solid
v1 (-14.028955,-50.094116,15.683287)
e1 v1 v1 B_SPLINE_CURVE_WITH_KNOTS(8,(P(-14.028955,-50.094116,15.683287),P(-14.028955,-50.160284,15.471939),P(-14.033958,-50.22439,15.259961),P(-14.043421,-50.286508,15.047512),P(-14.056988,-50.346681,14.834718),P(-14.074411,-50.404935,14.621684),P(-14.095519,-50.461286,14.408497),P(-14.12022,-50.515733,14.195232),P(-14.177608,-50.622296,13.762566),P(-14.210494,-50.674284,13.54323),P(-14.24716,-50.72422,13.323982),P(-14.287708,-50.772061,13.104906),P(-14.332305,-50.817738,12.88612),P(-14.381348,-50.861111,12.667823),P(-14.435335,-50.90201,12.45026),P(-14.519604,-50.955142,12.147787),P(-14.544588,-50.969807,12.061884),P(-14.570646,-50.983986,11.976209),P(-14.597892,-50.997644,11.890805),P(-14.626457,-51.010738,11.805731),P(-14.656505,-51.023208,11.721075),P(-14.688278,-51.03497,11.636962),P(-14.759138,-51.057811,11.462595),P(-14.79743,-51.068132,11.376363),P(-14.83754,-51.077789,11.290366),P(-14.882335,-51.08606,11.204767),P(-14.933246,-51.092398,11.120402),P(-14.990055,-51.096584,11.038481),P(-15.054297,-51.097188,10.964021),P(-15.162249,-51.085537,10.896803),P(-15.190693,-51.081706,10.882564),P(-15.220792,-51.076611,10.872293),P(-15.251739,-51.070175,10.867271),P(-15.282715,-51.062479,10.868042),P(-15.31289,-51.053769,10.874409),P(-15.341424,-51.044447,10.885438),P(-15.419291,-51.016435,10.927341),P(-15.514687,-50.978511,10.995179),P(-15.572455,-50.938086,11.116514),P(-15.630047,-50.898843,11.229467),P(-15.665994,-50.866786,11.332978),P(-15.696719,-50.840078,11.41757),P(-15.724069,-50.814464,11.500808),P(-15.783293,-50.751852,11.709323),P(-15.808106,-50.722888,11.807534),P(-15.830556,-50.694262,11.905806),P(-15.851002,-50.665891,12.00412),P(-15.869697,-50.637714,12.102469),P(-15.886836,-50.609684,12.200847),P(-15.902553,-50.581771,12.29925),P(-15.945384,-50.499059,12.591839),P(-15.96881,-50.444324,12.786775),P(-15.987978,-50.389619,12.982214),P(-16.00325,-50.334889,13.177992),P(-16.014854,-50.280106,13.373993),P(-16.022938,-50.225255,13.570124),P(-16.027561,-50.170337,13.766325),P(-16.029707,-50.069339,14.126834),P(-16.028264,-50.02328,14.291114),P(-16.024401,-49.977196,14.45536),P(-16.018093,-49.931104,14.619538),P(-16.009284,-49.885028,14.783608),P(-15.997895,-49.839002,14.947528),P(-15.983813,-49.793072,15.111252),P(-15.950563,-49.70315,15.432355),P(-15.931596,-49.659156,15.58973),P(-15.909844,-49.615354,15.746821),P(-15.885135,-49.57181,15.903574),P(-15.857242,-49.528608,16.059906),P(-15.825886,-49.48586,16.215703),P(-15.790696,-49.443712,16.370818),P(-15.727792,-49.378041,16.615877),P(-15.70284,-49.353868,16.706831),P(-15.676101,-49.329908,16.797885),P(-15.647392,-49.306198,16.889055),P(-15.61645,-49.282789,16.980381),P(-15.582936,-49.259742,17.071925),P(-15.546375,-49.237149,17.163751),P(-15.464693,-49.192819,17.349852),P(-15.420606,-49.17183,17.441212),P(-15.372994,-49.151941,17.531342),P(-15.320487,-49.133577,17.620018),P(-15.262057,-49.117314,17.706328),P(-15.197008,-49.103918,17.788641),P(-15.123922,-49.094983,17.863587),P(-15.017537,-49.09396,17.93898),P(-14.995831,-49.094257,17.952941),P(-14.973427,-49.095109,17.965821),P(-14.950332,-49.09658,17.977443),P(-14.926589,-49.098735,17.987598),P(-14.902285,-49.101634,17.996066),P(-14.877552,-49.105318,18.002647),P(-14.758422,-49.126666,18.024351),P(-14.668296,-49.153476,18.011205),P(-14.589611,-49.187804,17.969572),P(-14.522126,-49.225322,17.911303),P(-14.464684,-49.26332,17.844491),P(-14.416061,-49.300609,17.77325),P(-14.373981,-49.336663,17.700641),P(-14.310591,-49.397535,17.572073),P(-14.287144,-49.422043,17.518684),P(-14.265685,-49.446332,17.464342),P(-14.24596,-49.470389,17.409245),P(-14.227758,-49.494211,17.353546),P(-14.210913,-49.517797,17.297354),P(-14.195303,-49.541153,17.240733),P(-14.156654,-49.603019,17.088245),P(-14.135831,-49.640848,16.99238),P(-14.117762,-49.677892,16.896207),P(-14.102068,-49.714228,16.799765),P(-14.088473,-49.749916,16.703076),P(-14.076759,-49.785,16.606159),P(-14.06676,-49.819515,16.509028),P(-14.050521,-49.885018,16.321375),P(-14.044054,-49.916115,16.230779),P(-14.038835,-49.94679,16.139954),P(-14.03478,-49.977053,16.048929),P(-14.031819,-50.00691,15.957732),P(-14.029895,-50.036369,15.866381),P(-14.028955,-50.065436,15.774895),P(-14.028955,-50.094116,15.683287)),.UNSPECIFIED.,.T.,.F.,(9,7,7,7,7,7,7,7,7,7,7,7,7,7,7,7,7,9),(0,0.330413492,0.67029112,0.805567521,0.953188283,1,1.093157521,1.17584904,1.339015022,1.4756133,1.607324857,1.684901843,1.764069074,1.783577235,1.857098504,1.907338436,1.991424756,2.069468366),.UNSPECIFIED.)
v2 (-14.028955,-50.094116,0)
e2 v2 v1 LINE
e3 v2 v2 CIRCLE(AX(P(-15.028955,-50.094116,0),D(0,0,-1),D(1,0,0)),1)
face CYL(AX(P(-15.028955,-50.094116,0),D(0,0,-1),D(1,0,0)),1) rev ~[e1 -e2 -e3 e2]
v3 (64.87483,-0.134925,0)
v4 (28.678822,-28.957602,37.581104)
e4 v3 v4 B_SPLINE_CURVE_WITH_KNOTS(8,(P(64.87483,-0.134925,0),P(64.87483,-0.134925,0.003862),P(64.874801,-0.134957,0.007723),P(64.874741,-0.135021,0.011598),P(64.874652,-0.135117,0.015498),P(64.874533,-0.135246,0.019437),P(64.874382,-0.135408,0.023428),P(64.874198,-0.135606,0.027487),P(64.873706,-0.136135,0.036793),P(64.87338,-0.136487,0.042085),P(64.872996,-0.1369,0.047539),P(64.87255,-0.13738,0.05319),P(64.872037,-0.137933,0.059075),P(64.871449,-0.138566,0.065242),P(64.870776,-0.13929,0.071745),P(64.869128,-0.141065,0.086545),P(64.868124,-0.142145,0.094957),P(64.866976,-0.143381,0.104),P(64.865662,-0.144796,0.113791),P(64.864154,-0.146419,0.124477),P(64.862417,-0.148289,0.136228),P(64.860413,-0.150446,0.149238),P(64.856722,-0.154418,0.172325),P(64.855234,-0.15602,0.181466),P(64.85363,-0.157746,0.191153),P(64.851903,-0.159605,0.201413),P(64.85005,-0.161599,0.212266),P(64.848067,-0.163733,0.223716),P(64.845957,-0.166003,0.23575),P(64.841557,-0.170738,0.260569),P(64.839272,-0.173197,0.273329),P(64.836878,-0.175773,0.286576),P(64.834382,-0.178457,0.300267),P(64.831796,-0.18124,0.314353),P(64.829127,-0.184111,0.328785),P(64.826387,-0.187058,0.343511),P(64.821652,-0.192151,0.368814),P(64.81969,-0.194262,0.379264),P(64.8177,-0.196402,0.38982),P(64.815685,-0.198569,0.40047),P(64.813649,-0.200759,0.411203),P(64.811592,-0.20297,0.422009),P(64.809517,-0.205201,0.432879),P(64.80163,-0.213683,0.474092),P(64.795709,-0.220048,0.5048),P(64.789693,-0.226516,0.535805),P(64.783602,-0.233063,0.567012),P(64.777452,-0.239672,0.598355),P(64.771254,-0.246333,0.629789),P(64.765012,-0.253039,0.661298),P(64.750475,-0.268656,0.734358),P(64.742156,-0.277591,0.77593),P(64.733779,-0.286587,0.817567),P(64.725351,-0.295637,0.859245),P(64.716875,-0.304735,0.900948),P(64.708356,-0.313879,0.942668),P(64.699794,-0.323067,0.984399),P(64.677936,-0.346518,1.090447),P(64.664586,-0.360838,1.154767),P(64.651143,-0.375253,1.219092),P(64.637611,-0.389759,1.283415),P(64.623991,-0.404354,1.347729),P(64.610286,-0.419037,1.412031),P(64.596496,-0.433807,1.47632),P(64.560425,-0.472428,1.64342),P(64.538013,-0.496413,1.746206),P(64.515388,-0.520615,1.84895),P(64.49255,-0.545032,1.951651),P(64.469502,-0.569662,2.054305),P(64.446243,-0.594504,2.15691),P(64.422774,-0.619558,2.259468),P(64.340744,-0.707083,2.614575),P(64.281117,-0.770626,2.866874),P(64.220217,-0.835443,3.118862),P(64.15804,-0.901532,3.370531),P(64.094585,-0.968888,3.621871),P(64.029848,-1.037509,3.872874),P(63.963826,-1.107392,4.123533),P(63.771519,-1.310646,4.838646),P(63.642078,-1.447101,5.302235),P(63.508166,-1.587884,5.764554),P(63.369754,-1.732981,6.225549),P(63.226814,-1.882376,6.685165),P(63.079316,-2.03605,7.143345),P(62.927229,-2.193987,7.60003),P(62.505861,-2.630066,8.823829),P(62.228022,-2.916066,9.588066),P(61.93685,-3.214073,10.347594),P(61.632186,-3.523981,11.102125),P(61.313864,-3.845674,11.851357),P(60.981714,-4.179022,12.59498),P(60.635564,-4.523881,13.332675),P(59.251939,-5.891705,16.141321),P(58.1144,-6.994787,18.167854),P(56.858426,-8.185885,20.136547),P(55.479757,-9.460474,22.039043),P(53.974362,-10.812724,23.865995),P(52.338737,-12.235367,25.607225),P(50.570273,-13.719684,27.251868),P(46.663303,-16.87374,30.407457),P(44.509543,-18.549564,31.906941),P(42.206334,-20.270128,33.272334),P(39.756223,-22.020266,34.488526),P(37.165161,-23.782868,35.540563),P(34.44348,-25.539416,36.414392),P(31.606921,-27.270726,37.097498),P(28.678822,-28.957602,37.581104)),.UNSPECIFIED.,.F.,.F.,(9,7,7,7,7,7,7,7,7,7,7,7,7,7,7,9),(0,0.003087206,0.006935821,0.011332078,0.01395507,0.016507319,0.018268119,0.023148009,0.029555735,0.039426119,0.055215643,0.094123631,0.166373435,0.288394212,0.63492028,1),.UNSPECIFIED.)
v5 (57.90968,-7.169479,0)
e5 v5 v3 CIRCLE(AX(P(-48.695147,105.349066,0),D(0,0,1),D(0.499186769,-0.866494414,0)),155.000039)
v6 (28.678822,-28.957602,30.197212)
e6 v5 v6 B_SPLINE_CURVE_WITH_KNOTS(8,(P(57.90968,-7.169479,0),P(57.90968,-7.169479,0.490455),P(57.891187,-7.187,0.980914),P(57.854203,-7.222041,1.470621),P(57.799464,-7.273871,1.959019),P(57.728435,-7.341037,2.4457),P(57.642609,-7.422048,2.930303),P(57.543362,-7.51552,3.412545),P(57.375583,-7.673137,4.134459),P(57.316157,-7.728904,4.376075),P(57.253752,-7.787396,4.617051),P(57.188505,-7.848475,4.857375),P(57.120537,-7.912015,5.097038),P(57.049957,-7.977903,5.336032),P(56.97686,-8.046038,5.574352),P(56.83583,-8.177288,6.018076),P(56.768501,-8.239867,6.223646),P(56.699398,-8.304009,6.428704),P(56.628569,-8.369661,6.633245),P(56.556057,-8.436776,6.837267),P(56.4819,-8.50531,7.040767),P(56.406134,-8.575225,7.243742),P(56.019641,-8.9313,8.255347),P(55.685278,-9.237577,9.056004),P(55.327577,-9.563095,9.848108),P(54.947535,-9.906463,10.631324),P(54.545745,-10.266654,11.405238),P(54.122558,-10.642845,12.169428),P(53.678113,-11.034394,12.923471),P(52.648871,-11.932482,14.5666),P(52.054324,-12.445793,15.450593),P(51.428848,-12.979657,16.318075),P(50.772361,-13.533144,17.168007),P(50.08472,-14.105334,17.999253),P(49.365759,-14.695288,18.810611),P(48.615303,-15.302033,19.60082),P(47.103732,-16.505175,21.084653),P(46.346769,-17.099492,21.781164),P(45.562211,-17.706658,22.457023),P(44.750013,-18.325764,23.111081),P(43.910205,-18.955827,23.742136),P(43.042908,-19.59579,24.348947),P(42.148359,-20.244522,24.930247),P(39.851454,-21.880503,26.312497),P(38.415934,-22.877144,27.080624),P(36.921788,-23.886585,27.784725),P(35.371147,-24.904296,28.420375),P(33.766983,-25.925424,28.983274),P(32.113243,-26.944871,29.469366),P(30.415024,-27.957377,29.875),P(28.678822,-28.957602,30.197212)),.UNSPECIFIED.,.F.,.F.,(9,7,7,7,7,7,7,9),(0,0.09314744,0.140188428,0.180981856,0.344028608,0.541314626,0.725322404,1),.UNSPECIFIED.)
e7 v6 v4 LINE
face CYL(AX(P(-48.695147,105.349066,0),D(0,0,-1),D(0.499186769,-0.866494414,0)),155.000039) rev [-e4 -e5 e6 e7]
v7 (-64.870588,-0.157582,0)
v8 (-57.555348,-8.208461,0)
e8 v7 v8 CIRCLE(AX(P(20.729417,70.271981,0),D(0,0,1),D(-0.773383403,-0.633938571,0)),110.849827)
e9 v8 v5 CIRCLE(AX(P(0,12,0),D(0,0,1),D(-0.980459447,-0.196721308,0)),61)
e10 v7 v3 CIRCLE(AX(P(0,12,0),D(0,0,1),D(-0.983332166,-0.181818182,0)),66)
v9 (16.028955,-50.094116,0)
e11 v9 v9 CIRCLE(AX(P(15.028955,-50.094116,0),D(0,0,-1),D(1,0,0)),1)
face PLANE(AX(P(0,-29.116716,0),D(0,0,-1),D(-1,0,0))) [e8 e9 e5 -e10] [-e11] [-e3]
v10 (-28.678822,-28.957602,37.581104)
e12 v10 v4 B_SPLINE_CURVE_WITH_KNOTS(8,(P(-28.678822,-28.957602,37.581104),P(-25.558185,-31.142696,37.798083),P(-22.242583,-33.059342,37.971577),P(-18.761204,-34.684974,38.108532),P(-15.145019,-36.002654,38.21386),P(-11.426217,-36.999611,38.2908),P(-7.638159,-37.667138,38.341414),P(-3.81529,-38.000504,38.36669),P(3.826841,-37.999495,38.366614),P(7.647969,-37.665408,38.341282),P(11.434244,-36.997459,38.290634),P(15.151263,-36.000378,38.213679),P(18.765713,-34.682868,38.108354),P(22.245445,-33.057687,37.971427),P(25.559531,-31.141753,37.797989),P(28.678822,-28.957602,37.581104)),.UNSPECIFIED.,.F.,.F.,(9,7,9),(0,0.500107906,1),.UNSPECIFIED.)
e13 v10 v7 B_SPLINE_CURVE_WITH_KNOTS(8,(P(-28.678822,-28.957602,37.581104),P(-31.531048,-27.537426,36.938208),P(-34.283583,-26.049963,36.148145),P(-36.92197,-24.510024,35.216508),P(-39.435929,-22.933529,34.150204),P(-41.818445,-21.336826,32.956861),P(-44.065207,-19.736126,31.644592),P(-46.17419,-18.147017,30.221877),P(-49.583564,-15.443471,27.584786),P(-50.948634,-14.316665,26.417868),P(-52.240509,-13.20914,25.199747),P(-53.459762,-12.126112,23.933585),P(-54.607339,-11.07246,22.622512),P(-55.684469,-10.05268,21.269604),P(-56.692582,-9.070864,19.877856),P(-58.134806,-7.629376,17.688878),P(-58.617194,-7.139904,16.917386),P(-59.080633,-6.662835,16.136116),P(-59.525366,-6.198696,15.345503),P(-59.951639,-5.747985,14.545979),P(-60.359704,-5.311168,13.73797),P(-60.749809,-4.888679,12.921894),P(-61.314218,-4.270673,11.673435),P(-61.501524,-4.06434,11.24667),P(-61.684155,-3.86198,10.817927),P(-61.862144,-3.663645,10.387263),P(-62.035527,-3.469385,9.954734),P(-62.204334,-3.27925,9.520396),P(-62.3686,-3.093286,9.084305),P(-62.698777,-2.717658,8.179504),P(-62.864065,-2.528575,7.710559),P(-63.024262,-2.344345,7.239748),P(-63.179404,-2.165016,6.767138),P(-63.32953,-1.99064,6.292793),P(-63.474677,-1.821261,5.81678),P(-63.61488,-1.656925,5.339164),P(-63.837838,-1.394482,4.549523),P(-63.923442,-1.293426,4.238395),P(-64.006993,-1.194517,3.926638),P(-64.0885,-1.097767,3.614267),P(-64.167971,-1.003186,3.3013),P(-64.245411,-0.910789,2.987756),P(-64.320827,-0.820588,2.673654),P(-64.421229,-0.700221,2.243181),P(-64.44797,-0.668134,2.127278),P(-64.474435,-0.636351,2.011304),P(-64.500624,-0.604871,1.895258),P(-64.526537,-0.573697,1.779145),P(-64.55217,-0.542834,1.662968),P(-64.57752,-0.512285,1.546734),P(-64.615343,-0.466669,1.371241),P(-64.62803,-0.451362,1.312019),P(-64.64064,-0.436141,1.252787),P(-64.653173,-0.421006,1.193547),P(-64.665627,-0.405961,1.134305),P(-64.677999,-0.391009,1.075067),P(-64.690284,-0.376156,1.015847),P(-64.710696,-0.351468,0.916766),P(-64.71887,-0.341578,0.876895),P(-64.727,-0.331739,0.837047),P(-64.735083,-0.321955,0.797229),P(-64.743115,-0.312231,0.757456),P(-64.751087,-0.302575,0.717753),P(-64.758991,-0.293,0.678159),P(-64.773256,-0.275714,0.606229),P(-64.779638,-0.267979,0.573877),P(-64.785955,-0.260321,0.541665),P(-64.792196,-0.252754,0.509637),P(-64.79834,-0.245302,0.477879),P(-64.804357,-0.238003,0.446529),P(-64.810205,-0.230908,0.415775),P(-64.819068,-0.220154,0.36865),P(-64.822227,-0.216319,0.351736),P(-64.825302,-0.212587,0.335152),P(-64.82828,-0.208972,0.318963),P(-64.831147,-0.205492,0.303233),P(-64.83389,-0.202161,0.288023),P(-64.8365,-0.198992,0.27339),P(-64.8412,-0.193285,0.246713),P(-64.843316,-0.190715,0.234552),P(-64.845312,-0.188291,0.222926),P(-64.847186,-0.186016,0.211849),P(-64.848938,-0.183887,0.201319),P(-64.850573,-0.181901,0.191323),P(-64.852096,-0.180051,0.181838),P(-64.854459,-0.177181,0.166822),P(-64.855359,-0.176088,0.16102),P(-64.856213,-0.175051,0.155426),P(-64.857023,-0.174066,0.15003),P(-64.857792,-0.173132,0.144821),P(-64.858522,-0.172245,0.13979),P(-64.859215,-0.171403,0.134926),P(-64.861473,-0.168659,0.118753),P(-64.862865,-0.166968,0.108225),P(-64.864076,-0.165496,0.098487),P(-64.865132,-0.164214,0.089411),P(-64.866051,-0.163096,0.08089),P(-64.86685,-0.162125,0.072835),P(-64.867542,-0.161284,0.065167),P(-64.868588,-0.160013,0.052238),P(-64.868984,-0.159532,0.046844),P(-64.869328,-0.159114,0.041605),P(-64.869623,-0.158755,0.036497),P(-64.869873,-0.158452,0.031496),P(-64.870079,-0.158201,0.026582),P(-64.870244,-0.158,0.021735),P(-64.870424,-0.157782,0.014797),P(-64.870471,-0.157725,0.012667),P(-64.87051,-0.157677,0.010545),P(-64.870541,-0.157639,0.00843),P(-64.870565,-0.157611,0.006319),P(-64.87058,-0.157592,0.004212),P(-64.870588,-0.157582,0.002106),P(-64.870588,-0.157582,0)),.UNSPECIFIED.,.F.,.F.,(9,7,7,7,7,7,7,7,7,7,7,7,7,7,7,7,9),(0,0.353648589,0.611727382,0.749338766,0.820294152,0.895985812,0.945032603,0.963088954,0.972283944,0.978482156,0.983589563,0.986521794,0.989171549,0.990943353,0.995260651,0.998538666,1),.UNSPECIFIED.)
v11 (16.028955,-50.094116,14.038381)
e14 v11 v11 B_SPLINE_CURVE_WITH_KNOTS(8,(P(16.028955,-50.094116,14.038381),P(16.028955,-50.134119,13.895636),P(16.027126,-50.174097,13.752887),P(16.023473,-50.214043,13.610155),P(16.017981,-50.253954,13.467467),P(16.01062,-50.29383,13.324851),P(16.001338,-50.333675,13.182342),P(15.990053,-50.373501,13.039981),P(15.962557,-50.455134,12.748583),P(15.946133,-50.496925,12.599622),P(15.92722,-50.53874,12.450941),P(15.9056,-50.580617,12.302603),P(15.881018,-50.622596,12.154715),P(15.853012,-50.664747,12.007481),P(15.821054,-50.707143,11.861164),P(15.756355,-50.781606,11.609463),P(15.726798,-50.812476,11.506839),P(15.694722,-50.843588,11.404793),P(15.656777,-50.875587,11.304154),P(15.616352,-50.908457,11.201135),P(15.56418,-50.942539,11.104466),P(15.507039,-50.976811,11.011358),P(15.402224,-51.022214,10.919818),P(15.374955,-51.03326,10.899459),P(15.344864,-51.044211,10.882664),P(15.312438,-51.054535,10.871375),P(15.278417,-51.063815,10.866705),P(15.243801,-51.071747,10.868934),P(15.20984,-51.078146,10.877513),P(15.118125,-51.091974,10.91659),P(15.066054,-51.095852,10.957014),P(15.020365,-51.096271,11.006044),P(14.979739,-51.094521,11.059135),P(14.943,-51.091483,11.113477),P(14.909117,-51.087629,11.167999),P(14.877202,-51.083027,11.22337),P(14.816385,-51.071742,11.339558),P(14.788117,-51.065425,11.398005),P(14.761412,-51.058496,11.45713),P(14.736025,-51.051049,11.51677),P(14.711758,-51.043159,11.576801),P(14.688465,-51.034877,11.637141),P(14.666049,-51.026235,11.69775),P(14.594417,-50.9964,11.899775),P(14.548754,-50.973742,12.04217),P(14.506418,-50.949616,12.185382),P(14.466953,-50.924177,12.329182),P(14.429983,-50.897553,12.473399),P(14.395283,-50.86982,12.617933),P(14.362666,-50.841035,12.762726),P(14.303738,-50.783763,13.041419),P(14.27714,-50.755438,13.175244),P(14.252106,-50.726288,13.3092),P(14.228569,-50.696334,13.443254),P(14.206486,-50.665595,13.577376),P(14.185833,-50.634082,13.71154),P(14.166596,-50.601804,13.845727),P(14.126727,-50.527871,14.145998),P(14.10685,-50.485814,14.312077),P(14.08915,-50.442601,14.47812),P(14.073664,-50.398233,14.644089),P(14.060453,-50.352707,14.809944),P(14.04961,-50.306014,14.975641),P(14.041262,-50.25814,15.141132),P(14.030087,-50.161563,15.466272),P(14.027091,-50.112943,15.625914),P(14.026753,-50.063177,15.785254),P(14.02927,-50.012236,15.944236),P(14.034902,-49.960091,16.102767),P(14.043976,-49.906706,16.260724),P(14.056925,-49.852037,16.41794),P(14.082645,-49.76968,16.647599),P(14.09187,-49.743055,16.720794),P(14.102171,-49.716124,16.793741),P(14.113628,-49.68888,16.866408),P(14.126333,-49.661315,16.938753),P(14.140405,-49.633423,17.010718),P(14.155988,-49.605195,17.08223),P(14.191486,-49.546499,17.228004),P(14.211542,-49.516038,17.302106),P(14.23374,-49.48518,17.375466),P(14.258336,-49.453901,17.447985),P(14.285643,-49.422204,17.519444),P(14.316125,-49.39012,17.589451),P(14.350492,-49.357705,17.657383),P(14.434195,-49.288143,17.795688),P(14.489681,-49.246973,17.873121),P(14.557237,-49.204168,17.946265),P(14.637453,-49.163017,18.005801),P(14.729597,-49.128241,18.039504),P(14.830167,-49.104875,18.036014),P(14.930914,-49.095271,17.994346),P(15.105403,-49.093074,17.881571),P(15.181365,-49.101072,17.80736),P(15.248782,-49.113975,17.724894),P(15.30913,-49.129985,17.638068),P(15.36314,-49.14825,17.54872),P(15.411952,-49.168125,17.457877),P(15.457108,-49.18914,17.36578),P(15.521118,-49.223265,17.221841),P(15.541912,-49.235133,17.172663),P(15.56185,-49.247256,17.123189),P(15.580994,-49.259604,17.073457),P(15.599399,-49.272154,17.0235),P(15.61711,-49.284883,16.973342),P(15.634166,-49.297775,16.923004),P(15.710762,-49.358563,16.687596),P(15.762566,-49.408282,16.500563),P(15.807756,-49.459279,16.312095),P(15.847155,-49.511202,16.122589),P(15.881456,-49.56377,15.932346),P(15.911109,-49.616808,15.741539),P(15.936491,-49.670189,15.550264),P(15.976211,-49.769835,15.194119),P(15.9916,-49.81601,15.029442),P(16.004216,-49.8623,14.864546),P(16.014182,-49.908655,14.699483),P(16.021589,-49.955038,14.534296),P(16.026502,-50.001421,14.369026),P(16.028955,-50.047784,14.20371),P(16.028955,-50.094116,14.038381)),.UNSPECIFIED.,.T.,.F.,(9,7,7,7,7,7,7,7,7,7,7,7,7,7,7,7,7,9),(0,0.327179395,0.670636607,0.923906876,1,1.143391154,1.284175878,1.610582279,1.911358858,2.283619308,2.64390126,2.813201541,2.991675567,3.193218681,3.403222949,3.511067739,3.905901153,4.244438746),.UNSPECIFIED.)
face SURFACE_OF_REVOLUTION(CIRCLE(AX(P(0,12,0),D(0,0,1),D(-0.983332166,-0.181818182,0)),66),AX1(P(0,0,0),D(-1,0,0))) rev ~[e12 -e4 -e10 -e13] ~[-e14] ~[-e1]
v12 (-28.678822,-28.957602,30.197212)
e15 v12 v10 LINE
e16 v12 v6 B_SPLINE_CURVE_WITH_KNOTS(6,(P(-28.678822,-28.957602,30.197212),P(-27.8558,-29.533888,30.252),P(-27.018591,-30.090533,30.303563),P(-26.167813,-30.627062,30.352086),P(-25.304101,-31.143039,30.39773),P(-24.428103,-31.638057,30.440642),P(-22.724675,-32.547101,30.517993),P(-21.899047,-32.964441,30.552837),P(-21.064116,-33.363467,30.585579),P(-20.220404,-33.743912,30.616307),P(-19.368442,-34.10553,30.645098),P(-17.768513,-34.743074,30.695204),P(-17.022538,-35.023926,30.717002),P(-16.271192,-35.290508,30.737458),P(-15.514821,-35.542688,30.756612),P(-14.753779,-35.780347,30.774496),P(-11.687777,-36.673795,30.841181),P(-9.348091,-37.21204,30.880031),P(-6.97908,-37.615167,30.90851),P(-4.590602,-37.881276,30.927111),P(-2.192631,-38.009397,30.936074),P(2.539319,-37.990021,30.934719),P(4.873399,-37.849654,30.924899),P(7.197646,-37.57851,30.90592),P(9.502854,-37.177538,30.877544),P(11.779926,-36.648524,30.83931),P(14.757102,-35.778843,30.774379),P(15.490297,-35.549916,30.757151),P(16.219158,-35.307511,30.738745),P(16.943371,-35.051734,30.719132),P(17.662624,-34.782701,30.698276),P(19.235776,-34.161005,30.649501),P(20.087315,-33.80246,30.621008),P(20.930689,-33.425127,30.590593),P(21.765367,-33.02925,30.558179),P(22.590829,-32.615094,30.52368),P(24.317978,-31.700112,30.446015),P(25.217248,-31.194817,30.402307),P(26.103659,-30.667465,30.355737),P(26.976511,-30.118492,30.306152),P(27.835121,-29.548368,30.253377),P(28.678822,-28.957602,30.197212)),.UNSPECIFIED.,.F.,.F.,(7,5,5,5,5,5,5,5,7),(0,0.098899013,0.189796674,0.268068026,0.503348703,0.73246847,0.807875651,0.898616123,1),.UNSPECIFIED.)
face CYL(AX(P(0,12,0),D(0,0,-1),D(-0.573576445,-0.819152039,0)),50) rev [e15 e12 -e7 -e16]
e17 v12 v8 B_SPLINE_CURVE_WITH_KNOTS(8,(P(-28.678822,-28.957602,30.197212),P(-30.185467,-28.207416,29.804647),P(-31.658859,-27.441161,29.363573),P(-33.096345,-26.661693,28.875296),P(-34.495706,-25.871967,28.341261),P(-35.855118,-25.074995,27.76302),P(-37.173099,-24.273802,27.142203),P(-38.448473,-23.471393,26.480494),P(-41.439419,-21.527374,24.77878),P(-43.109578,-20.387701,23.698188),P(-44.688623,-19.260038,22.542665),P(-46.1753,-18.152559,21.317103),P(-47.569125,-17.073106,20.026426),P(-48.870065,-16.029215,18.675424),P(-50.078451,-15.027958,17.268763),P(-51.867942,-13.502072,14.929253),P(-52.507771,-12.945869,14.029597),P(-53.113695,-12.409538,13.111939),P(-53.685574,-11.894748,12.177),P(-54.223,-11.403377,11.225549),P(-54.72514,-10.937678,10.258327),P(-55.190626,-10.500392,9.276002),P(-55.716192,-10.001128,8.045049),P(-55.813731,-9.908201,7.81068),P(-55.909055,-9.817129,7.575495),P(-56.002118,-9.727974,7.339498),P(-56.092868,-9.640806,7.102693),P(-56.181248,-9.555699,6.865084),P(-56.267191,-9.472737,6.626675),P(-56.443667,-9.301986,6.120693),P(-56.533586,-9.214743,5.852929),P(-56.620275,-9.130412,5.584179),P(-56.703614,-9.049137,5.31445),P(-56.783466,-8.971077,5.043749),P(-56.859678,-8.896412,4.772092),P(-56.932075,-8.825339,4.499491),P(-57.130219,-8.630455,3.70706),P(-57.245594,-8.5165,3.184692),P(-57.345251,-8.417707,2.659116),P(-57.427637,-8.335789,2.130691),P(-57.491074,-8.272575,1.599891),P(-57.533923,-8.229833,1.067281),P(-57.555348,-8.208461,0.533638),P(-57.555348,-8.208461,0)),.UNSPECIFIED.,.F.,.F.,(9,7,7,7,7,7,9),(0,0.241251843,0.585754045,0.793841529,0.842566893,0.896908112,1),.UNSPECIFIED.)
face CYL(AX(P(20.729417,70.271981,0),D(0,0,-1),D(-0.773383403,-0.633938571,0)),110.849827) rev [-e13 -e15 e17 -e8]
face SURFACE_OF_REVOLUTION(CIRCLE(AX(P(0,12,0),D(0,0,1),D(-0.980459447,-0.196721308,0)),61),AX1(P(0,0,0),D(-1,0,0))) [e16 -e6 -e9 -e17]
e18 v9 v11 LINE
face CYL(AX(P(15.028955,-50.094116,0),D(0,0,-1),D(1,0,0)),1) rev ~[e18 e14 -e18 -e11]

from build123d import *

# Parameters (mm, degrees)
PAD_DEPTH        = 55
REVOLUTION_ANGLE = -90
SKETCH002_R      = 1
POCKET_DEPTH     = 38.367652


with BuildPart() as pad:
    # Sketch001 → Pad (new body)
    with BuildSketch(Plane.XY):
        with BuildLine():
            ThreePointArc((-28.678822, -28.957602), (0, -38), (28.678822, -28.957602))
            ThreePointArc((28.678822, -28.957602), (47.930354, -15.847158), (65, 0))
            Line((-65, 0), (65, 0))
            ThreePointArc((-65, 0), (-48.373276, -16.40271), (-28.678822, -28.957602))
        make_face()
    extrude(amount=PAD_DEPTH)


with BuildPart() as holesscrews:
    # Sketch → Revolution (revolve)
    with BuildSketch(Plane.XY):
        with BuildLine():
            ThreePointArc((-59.808026, 0), (0, -49), (59.808026, 0))
            Line((59.808026, 0), (64.899923, 0))
            ThreePointArc((-64.899923, 0), (0, -54), (64.899923, 0))
            Line((-64.899923, 0), (-59.808026, 0))
        make_face()
    revolve(axis=Axis((0, 0, 0), (1, 0, 0)), revolution_arc=REVOLUTION_ANGLE)

    # Cut: cut Pad
    add(pad.part, mode=Mode.SUBTRACT)

    # Sketch002 → Pocket (cut, through all)
    with BuildSketch(Plane(origin=(0, 0, 0), x_dir=(1, 0, 0), z_dir=(0, 0, -1))):
        with Locations((15.028955, 50.094116)):
            Circle(SKETCH002_R)
        with Locations((-15.028955, 50.094116)):
            Circle(SKETCH002_R)
    extrude(amount=-POCKET_DEPTH, mode=Mode.SUBTRACT)


solid = holesscrews.part
